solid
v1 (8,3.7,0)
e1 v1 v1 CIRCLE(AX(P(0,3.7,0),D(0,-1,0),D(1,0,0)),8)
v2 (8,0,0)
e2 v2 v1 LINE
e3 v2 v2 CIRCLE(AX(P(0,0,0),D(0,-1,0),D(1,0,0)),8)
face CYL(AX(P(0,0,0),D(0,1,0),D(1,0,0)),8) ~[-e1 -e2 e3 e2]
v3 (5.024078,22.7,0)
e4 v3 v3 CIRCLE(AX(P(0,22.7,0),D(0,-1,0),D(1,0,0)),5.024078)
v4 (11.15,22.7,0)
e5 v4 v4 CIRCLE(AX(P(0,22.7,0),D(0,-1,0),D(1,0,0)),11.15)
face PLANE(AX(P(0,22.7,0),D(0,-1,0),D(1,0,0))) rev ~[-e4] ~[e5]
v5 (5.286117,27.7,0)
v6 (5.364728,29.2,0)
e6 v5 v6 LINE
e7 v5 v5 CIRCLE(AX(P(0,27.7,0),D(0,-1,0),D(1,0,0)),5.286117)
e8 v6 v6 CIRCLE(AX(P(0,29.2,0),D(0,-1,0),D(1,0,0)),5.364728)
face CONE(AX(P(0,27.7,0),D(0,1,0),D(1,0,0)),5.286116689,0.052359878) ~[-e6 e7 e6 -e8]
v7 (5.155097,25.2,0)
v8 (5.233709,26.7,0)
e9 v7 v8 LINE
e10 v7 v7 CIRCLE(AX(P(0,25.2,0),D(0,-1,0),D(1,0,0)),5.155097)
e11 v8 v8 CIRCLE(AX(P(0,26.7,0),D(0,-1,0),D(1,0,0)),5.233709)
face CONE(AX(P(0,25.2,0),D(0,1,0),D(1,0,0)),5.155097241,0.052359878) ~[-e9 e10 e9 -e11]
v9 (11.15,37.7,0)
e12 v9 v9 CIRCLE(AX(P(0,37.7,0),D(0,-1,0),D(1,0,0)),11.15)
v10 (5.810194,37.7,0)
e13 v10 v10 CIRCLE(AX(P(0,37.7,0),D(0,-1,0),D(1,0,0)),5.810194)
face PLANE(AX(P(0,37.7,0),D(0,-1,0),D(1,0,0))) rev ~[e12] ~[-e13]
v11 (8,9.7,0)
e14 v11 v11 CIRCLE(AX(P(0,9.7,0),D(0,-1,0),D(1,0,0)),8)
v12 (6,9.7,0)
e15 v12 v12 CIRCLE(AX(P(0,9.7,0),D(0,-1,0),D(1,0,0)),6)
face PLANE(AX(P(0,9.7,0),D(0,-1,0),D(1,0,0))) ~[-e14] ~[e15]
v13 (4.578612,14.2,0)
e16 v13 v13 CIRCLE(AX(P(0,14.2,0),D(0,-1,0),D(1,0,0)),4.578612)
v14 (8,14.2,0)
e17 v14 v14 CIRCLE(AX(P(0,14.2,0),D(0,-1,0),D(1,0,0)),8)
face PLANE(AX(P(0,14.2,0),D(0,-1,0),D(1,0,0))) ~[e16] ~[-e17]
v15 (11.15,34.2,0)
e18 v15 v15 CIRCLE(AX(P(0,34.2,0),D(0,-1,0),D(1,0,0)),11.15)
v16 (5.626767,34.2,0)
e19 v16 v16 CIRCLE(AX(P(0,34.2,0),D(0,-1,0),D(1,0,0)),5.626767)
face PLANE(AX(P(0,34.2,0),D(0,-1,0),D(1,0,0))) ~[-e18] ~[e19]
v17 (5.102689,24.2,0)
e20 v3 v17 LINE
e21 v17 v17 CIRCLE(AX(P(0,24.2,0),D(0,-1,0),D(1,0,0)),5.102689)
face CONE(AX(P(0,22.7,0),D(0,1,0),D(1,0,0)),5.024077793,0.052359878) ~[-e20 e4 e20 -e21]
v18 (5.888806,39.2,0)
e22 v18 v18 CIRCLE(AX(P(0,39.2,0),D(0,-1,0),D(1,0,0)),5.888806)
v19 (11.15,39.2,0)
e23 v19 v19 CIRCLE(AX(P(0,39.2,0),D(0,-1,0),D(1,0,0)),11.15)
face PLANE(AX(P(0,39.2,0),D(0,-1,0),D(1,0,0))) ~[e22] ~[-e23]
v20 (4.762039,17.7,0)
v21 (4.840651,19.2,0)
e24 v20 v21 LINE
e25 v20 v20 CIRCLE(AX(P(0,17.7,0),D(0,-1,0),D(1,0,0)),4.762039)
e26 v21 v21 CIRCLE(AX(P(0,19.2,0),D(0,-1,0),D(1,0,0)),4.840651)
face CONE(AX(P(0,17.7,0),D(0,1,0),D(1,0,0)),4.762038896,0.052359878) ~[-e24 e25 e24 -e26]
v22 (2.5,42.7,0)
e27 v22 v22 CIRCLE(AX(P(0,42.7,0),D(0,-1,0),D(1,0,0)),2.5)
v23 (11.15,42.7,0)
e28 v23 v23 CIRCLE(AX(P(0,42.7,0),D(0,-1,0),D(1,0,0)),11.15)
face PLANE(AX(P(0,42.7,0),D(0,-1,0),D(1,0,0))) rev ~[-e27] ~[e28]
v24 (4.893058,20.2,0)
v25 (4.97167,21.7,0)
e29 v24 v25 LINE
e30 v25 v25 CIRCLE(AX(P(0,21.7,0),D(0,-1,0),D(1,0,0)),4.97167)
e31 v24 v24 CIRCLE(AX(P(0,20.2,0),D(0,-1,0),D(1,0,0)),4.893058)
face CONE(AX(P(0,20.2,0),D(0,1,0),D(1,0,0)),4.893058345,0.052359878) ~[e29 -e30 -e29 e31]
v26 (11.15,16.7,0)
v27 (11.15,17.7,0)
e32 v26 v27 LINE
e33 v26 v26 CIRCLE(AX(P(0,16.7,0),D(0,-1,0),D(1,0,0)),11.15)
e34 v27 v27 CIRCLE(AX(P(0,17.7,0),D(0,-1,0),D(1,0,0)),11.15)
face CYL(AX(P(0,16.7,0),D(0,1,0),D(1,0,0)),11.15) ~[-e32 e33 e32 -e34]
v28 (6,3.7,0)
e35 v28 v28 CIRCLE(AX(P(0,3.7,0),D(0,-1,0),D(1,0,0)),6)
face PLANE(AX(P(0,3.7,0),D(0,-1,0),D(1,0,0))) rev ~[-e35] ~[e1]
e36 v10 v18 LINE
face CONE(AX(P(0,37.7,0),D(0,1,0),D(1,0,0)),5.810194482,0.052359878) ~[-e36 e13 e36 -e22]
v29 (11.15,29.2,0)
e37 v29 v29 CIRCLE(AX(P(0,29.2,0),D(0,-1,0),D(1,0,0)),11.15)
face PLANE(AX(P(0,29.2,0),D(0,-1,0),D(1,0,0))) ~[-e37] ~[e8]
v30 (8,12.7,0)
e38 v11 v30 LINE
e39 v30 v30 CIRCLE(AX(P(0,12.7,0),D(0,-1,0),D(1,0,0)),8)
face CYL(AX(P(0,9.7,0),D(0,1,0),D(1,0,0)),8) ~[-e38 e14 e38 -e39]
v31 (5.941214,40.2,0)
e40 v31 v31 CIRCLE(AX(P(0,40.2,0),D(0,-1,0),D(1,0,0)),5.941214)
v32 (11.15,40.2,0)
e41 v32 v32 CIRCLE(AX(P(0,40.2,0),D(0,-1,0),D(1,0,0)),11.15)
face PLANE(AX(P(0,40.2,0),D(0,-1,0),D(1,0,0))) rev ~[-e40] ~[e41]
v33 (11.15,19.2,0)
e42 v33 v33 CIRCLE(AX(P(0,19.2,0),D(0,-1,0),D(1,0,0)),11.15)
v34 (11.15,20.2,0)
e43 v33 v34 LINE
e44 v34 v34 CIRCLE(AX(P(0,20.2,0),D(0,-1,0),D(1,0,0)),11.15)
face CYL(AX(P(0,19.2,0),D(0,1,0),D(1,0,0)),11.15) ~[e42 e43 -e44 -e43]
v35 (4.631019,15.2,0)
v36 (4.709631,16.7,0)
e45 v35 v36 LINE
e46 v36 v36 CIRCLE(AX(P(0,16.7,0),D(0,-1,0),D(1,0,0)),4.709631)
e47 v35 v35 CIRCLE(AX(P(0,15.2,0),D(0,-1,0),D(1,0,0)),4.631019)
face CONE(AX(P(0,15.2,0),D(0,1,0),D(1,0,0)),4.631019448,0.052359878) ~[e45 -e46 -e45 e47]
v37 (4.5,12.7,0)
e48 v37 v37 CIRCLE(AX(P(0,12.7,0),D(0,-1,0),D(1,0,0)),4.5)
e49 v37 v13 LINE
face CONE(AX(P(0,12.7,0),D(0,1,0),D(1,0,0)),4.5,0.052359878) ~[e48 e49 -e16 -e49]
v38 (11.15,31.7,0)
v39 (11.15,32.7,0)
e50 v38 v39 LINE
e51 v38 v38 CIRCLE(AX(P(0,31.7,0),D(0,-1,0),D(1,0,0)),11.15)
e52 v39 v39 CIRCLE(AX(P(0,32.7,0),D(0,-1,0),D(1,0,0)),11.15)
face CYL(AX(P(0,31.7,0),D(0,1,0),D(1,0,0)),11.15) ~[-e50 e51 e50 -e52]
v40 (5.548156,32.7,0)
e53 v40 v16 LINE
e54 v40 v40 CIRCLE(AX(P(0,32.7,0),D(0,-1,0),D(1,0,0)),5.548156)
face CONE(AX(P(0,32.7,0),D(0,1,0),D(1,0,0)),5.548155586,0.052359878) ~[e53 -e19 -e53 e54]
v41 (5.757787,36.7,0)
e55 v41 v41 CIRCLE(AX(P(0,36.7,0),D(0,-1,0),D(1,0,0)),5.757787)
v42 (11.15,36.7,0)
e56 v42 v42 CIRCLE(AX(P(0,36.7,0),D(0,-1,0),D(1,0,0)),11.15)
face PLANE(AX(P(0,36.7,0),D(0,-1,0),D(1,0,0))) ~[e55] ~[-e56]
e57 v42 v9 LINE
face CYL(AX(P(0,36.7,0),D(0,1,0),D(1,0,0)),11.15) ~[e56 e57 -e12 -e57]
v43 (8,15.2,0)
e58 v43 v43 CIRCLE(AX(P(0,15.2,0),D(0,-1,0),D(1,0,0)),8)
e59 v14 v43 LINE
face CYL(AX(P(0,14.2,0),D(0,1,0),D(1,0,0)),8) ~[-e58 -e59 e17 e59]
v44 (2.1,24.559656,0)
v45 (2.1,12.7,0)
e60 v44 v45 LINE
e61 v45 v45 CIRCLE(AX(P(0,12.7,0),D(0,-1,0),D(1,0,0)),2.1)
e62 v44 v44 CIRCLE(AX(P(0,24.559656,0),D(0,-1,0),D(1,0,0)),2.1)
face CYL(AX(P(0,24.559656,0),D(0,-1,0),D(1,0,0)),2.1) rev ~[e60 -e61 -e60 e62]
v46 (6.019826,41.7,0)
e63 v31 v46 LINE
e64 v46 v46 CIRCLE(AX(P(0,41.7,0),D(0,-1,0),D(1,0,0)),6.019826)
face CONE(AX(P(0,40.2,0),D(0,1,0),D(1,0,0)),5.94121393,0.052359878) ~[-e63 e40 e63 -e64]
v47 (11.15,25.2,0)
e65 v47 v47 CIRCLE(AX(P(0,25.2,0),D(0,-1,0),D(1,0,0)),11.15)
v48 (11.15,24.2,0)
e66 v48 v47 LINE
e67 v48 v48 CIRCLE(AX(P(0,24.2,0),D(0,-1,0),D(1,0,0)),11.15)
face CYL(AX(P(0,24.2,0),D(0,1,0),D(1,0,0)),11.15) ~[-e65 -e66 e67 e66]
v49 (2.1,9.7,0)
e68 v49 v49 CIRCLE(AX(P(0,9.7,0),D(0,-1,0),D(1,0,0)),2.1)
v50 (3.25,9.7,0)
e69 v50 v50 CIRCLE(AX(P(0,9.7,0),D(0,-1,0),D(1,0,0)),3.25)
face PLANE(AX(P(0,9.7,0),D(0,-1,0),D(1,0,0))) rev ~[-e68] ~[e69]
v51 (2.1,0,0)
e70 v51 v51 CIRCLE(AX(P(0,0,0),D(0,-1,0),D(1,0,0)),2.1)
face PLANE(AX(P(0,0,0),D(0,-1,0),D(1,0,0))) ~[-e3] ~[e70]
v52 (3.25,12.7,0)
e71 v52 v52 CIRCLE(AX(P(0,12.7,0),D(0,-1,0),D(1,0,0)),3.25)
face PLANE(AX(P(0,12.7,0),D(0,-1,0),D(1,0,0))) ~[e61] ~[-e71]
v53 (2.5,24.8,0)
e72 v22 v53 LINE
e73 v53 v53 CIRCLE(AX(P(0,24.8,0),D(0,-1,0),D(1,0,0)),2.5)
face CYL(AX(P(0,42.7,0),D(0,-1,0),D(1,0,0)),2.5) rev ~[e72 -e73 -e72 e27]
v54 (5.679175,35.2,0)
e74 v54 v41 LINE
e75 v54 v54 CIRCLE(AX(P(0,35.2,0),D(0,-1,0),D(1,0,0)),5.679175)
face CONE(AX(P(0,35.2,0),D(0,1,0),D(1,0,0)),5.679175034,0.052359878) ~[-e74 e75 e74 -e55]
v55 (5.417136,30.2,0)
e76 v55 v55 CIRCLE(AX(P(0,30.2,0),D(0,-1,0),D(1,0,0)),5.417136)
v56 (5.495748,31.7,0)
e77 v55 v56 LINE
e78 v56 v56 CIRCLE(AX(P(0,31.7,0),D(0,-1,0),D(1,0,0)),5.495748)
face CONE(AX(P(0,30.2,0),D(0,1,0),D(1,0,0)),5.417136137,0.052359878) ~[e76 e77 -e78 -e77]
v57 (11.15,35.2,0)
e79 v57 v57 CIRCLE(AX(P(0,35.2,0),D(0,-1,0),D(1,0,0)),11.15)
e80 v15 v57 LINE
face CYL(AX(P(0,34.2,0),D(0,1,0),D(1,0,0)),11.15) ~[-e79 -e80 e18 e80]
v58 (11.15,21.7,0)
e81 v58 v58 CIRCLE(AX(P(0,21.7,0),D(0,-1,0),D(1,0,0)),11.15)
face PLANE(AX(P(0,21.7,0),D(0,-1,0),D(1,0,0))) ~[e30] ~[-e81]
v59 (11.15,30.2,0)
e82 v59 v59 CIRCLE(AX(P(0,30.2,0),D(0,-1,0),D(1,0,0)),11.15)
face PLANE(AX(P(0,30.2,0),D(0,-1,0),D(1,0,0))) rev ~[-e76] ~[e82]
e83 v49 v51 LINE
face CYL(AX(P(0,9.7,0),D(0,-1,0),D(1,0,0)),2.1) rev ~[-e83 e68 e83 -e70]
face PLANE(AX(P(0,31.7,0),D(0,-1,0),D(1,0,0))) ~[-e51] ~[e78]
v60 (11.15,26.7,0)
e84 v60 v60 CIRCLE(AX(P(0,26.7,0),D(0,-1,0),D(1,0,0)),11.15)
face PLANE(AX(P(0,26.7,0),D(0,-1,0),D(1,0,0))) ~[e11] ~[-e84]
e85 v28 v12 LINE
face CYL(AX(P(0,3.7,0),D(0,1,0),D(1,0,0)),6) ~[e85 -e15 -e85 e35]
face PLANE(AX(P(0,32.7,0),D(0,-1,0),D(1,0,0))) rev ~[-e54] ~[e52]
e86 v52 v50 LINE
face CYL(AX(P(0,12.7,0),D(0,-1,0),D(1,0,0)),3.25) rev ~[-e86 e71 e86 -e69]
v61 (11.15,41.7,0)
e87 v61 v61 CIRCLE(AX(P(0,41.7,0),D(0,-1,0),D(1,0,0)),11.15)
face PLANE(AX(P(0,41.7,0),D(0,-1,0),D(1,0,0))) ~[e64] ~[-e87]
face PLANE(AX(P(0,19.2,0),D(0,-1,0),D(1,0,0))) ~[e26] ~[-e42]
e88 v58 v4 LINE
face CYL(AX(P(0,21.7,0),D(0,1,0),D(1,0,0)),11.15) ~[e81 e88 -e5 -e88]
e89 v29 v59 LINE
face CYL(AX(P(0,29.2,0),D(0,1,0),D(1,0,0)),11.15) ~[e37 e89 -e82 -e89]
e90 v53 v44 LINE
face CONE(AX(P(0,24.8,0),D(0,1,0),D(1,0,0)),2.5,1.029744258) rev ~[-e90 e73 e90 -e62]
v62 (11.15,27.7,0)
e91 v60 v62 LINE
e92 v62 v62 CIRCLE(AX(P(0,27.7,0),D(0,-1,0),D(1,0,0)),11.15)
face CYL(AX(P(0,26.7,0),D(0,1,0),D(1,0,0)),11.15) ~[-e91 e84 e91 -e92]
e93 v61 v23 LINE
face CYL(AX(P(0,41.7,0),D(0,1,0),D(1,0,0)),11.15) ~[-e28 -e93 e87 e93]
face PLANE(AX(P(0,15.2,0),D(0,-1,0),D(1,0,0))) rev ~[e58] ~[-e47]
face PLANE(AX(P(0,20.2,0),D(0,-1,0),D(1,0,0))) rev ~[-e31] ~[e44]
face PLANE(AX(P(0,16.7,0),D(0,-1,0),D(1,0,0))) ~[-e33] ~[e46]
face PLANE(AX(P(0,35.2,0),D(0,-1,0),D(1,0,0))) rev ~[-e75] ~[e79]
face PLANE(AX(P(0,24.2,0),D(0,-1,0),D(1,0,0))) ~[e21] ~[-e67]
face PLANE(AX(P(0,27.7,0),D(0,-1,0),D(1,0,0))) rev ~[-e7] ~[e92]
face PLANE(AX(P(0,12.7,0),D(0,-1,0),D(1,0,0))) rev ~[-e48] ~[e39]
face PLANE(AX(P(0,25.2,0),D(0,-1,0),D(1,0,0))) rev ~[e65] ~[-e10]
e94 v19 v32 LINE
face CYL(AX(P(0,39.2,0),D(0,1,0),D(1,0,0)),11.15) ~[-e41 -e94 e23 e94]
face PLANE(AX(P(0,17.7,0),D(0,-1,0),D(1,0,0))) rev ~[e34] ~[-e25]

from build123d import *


with BuildPart() as part:
    # Эскиз1 → Повернуть1 (revolve)
    with BuildSketch(Plane.XY):
        Polygon((5.024077793, 22.7), (5.102689462, 24.2), (11.15, 24.2), (11.15, 25.2), (5.155097241, 25.2), (5.23370891, 26.7), (11.15, 26.7), (11.15, 27.7), (5.286116689, 27.7), (5.364728358, 29.2), (11.15, 29.2), (11.15, 30.2), (5.417136137, 30.2), (5.495747806, 31.7), (11.15, 31.7), (11.15, 32.7), (5.548155586, 32.7), (5.626767255, 34.2), (11.15, 34.2), (11.15, 35.2), (5.679175034, 35.2), (5.757786703, 36.7), (11.15, 36.7), (11.15, 37.7), (5.810194482, 37.7), (5.888806151, 39.2), (11.15, 39.2), (11.15, 40.2), (5.94121393, 40.2), (6.019825599, 41.7), (11.15, 41.7), (11.15, 42.7), (2.5, 42.7), (2.5, 24.8), (2.1, 24.559655752), (2.1, 12.7), (3.25, 12.7), (3.25, 9.7), (2.1, 9.7), (2.1, 0), (8, 0), (8, 3.7), (6, 3.7), (6, 9.7), (8, 9.7), (8, 12.7), (4.5, 12.7), (4.578611669, 14.2), (8, 14.2), (8, 15.2), (4.631019448, 15.2), (4.709631117, 16.7), (11.15, 16.7), (11.15, 17.7), (4.762038896, 17.7), (4.840650565, 19.2), (11.15, 19.2), (11.15, 20.2), (4.893058345, 20.2), (4.971670014, 21.7), (11.15, 21.7), (11.15, 22.7), align=None)
    revolve(axis=Axis((0, 42.7, 0), (0, -1, 0)))


solid = part.part
